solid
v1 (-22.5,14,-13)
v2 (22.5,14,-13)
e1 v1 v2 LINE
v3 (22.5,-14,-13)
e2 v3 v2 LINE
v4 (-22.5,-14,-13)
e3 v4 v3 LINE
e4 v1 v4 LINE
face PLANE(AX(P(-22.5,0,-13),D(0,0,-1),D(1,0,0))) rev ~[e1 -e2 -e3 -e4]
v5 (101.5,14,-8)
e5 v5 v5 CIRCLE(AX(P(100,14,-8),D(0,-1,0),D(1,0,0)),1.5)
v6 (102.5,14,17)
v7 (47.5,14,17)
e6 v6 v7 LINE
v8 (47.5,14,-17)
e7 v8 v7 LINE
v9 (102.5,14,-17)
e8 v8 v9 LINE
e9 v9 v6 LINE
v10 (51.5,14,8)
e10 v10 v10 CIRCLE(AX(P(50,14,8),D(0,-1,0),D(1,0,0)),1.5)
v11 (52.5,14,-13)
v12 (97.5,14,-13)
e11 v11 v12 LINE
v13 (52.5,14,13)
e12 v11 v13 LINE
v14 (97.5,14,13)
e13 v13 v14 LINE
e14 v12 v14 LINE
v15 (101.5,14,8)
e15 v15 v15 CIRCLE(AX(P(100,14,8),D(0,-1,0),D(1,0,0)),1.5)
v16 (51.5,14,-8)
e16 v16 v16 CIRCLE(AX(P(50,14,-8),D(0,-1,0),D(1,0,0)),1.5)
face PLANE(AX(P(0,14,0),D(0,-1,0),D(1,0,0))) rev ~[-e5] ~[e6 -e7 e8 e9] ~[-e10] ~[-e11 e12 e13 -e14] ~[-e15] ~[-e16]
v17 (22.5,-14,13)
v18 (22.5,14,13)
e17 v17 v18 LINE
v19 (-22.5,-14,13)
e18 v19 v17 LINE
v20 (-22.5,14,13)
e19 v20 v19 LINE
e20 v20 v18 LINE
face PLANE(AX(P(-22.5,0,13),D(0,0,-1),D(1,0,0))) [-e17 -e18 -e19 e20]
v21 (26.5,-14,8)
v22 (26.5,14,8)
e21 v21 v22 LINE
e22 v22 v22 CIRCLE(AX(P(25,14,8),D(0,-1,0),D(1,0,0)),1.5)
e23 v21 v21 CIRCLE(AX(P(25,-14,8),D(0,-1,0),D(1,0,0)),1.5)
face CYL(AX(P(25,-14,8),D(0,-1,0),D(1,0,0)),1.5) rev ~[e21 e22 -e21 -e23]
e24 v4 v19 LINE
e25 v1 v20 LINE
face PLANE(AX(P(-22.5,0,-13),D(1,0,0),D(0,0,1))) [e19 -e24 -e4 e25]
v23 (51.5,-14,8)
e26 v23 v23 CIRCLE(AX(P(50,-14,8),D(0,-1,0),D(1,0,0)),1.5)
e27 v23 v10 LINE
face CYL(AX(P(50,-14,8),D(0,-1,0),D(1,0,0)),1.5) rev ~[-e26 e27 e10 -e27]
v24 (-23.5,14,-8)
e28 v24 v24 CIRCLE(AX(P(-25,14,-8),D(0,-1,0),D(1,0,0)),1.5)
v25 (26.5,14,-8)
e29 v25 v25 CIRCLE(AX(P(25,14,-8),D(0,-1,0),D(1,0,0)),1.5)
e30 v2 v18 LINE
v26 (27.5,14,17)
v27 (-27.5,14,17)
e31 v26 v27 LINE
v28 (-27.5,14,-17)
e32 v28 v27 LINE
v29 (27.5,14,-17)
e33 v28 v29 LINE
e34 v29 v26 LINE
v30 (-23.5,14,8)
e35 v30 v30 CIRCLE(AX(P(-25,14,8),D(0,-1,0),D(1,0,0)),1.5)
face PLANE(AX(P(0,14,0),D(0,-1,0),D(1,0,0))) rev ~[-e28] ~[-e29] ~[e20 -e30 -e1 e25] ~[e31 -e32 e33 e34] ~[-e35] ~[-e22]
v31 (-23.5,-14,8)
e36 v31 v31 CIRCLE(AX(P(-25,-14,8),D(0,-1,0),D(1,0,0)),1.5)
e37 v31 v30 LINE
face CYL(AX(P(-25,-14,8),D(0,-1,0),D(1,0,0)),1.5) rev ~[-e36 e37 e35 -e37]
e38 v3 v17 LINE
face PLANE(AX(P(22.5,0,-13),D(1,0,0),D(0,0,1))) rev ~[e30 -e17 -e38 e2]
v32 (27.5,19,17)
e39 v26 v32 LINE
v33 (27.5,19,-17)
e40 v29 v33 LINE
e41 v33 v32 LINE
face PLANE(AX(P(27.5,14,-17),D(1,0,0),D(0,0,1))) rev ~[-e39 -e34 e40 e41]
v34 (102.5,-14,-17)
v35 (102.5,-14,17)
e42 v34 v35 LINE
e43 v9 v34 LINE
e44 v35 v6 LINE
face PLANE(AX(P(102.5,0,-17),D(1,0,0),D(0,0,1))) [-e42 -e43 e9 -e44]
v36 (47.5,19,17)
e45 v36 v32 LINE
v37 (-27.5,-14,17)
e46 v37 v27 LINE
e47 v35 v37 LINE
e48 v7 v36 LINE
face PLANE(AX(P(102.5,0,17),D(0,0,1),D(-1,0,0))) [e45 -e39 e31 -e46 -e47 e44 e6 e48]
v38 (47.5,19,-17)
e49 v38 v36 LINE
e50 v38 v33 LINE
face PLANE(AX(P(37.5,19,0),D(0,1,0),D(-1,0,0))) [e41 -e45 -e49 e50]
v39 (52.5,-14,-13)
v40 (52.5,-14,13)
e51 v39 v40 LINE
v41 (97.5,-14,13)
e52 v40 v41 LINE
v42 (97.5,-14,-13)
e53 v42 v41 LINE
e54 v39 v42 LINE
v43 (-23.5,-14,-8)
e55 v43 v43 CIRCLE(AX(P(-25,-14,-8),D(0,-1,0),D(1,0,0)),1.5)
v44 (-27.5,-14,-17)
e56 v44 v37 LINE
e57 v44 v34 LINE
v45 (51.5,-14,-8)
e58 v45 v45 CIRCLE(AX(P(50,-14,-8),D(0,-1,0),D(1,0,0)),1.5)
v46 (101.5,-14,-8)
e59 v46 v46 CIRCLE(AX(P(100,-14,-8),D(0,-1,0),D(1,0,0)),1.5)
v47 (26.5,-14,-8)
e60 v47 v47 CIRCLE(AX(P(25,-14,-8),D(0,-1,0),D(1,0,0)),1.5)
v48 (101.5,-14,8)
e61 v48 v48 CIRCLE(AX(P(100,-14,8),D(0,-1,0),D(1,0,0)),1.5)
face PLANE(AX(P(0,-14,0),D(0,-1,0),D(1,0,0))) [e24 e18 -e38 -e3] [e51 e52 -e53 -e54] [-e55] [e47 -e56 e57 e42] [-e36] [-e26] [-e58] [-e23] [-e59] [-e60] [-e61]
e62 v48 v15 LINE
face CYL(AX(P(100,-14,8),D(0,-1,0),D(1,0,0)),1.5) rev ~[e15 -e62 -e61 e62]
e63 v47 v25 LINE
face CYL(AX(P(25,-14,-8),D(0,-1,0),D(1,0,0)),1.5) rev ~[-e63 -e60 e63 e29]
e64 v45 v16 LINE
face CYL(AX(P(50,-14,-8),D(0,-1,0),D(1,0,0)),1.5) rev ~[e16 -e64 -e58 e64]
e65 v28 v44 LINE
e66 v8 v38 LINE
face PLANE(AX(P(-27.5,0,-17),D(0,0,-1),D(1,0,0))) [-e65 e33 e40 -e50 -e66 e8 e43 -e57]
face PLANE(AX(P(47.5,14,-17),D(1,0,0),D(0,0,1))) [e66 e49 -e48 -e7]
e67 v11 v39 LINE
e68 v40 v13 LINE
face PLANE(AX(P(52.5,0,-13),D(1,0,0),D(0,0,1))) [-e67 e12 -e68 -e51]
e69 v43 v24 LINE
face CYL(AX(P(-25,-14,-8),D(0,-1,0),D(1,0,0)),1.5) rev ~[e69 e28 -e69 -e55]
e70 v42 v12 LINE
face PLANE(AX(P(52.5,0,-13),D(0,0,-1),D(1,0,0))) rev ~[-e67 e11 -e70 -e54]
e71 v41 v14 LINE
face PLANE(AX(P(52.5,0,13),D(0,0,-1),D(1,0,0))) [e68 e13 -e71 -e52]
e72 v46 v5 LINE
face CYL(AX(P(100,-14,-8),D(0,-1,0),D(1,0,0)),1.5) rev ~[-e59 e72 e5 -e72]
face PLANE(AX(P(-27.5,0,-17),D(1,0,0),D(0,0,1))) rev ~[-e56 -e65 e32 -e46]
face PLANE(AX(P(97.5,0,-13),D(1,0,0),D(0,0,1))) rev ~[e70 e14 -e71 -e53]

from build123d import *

# Parameters (mm, degrees)
F0_W     = 55
F0_H     = 34
F0_W_2   = 45
F0_H_2   = 26
F0_W_3   = 20
F1_DEPTH = 14
F2_R     = 1.5
F3_DEPTH = 30
F4_W     = 20
F4_H     = 34
F5_DEPTH = 5


with BuildPart() as f1:
    # F0 (on Front) → F1 (new body, symmetric)
    with BuildSketch(Plane.XZ):
        Rectangle(F0_W, F0_H)
        Rectangle(F0_W_2, F0_H_2, mode=Mode.SUBTRACT)
        with Locations((37.5, 0)):
            Rectangle(F0_W_3, F0_H)
        with Locations((75, 0)):
            Rectangle(F0_W, F0_H)
        with Locations((75, 0)):
            Rectangle(F0_W_2, F0_H_2, mode=Mode.SUBTRACT)
    extrude(amount=F1_DEPTH, both=True)

    # F2 (on face) → F3 (cut)
    with BuildSketch(Plane.XZ.offset(14)):
        with Locations((25, 8)):
            Circle(F2_R)
        with Locations((-25, 8)):
            Circle(F2_R)
        with Locations((-25, -8)):
            Circle(F2_R)
        with Locations((25, -8)):
            Circle(F2_R)
        with Locations((50, 8)):
            Circle(F2_R)
        with Locations((50, -8)):
            Circle(F2_R)
        with Locations((100, 8)):
            Circle(F2_R)
        with Locations((100, -8)):
            Circle(F2_R)
    extrude(amount=-F3_DEPTH, mode=Mode.SUBTRACT)

    # F4 (on face) → F5 (join)
    with BuildSketch(Plane(origin=(0, 14, 0), x_dir=(-1, 0, 0), z_dir=(0, 1, 0))):
        with Locations((-37.5, 0)):
            Rectangle(F4_W, F4_H)
    extrude(amount=F5_DEPTH)


solid = f1.part
